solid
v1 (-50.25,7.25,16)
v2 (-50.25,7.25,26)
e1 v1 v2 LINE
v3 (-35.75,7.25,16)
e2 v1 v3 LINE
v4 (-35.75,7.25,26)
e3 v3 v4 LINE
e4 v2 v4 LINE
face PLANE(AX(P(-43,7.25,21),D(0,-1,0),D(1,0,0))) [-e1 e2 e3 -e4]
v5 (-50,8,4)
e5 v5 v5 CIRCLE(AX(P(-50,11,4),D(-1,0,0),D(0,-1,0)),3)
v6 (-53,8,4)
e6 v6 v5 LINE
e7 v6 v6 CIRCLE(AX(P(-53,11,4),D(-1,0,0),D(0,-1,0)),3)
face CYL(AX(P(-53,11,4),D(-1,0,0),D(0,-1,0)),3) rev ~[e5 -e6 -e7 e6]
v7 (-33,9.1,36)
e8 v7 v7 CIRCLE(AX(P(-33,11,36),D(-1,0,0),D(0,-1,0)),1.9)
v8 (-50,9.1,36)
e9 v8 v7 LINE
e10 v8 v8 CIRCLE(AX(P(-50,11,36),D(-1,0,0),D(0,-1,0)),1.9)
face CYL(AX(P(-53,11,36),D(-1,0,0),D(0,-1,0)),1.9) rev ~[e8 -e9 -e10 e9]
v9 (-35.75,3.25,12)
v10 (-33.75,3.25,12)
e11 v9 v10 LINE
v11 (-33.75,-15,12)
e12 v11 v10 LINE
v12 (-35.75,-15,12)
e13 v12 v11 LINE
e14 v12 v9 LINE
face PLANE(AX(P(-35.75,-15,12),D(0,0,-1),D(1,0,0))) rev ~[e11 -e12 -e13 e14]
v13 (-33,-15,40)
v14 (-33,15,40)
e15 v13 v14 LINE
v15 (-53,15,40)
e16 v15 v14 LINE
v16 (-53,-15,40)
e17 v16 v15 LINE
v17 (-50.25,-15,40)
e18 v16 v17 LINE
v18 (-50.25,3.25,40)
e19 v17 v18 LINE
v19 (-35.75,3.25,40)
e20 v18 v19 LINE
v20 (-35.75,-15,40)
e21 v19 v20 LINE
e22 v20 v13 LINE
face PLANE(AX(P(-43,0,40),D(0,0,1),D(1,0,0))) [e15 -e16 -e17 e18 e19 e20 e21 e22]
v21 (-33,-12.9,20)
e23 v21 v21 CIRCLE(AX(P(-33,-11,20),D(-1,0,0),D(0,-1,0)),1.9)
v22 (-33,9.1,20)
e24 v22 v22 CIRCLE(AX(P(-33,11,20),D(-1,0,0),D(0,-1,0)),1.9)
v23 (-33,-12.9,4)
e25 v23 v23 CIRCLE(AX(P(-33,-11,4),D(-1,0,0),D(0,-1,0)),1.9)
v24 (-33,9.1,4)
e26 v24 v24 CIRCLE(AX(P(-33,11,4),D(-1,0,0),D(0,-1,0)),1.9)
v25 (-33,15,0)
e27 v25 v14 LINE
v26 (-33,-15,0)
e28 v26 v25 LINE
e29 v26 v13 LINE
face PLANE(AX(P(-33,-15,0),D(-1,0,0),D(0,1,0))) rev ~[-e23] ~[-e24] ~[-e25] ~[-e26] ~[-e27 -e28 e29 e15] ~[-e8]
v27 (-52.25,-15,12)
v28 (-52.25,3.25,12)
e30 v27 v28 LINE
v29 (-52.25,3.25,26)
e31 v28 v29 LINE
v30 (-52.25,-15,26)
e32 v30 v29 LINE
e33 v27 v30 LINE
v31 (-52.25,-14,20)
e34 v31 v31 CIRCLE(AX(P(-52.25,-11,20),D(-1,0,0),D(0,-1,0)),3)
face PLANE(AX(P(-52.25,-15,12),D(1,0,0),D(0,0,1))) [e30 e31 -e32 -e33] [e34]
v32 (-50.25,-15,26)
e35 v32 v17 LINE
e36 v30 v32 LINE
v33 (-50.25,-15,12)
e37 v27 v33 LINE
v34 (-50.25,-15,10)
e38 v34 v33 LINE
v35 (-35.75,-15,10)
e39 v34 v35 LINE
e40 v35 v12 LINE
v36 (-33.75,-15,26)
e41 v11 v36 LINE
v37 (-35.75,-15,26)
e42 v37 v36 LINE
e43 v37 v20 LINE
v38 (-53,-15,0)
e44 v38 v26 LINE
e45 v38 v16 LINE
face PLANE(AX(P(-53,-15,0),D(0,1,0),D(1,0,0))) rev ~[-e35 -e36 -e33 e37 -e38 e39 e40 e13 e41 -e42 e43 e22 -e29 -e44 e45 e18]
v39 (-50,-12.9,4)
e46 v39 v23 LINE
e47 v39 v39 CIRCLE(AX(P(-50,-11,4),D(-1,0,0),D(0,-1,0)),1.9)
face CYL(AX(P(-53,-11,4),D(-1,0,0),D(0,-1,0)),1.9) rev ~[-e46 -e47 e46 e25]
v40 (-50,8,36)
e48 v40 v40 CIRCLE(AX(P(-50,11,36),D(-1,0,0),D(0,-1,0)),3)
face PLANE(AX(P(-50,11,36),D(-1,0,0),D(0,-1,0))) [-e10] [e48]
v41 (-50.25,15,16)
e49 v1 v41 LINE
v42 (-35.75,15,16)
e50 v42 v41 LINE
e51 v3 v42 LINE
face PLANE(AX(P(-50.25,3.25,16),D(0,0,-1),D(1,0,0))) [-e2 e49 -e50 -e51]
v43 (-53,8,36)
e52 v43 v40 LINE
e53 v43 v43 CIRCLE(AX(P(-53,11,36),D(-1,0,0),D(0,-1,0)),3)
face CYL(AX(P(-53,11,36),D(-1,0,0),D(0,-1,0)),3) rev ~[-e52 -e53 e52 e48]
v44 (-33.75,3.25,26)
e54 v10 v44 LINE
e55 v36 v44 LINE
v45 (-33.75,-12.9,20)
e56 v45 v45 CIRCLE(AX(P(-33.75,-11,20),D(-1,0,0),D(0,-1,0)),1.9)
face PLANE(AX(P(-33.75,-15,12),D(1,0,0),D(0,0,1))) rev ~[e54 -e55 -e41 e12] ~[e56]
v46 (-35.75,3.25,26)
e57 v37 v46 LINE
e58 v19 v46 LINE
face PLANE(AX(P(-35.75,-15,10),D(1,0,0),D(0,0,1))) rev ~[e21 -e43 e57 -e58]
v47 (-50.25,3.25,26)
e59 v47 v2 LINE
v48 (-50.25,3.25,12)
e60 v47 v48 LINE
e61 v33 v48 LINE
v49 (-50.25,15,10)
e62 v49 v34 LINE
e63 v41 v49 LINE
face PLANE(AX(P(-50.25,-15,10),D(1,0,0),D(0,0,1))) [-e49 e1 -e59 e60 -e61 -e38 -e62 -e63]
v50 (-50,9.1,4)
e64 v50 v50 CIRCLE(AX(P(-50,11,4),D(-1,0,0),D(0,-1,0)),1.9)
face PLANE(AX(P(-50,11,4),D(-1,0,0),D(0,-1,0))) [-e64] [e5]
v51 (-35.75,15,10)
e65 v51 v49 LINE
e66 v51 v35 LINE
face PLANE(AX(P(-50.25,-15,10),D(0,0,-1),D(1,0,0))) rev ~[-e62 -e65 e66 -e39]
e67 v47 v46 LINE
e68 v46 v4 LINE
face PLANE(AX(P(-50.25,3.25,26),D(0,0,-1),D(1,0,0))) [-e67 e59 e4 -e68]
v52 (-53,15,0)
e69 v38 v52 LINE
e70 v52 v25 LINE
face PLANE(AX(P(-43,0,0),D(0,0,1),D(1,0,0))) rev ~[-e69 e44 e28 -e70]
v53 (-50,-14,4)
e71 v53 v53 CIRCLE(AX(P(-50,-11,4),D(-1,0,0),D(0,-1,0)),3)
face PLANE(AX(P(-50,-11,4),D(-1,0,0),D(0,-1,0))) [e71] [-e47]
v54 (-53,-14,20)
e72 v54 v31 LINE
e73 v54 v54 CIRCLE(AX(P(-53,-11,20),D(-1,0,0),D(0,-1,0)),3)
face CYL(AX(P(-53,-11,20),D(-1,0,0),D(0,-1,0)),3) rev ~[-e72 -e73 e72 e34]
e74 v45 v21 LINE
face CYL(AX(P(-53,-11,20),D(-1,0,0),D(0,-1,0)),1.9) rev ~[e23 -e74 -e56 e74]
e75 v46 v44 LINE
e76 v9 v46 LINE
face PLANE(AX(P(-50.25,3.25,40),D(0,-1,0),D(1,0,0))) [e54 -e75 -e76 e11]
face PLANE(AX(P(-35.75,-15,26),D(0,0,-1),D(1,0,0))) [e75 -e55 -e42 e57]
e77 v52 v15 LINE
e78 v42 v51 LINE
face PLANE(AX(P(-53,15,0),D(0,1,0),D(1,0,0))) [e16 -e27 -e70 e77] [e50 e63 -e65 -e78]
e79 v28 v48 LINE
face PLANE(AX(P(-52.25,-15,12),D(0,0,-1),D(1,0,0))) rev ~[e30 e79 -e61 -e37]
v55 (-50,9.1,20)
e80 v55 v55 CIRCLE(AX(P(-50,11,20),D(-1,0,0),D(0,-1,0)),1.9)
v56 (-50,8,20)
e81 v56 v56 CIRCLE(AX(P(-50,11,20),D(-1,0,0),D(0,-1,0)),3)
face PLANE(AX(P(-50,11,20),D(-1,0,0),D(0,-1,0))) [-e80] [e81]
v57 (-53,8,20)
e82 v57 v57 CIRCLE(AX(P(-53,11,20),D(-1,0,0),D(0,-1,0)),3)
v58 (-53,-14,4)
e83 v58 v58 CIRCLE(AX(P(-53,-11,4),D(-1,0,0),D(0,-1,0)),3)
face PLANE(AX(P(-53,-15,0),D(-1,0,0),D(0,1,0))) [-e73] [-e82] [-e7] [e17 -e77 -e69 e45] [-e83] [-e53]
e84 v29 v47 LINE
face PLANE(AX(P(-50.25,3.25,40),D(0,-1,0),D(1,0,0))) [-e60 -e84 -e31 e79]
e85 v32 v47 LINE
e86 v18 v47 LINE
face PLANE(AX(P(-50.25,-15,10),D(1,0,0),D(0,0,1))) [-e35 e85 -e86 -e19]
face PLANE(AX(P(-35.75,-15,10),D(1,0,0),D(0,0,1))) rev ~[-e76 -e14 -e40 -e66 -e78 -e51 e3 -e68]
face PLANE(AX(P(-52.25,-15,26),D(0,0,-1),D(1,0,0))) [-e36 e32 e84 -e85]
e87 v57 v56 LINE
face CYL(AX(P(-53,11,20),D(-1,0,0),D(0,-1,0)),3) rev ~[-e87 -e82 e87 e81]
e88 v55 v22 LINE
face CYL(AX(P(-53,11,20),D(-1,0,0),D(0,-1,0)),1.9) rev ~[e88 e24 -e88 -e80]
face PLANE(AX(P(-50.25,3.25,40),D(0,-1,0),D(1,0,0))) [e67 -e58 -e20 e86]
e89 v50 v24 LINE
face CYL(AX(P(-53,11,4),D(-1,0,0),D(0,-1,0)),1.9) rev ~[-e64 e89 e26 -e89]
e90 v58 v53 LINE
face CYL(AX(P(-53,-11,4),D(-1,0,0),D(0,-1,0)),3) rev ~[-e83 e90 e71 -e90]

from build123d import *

# Parameters (mm, degrees)
SKETCH026_W     = 20
SKETCH026_H     = 30
PAD008_DEPTH    = 40
SKETCH027_R     = 1.9
POCKET018_DEPTH = 20.001
SKETCH028_R     = 3
POCKET019_DEPTH = 3
SKETCH029_R     = 0.5
POCKET020_DEPTH = 0.5
SKETCH030_W     = 14.5
SKETCH030_H     = 14.5
POCKET021_DEPTH = 30
SKETCH031_W     = 14.5
SKETCH031_H     = 30
POCKET022_DEPTH = 5
SKETCH032_W     = 14.5
SKETCH032_H     = 6
POCKET023_DEPTH = 11.751
SKETCH033_W     = 2
SKETCH033_H     = 14
POCKET024_DEPTH = 18.25
SKETCH034_W     = 14.5
SKETCH034_H     = 10
POCKET025_DEPTH = 4


with BuildPart() as part:
    # Sketch026 → Pad008 (new body)
    with BuildSketch(Plane.XY):
        with Locations((-43, 0)):
            Rectangle(SKETCH026_W, SKETCH026_H)
    extrude(amount=PAD008_DEPTH)

    # Sketch027 (on Face4 of Pad008) → Pocket018 (cut, through all)
    with BuildSketch(Plane(origin=(-53, 0, 0), x_dir=(0, -1, 0), z_dir=(-1, 0, 0))):
        with Locations((-11, 36)):
            Circle(SKETCH027_R)
        with Locations((11, 20)):
            Circle(SKETCH027_R)
        with Locations((-11, 20)):
            Circle(SKETCH027_R)
        with Locations((-11, 4)):
            Circle(SKETCH027_R)
        with Locations((11, 4)):
            Circle(SKETCH027_R)
    extrude(amount=-POCKET018_DEPTH, mode=Mode.SUBTRACT)

    # Sketch028 (on Face2 of Pocket018) → Pocket019 (cut)
    with BuildSketch(Plane(origin=(-53, 0, 0), x_dir=(0, -1, 0), z_dir=(-1, 0, 0))):
        with Locations((-11, 36)):
            Circle(SKETCH028_R)
        with Locations((-11, 20)):
            Circle(SKETCH028_R)
        with Locations((-11, 4)):
            Circle(SKETCH028_R)
        with Locations((11, 4)):
            Circle(SKETCH028_R)
        with Locations((11, 20)):
            Circle(SKETCH028_R)
    extrude(amount=-POCKET019_DEPTH, mode=Mode.SUBTRACT)

    # Sketch029 (on Face5 of Pocket019) → Pocket020 (cut)
    with BuildSketch(Plane.XY.offset(40)):
        with Locations((-43, -4)):
            Circle(SKETCH029_R)
    extrude(amount=-POCKET020_DEPTH, mode=Mode.SUBTRACT)

    # Sketch030 (on Face5 of Pocket020) → Pocket021 (cut)
    with BuildSketch(Plane.XY.offset(40)):
        with Locations((-43, -4)):
            Rectangle(SKETCH030_W, SKETCH030_H)
    extrude(amount=-POCKET021_DEPTH, mode=Mode.SUBTRACT)

    # Sketch031 (on Face6 of Pocket021) → Pocket022 (cut)
    with BuildSketch(Plane.XZ.offset(15)):
        with Locations((-43, 25)):
            Rectangle(SKETCH031_W, SKETCH031_H)
    extrude(amount=-POCKET022_DEPTH, mode=Mode.SUBTRACT)

    # Sketch032 (on Face17 of Pocket022) → Pocket023 (cut, through all)
    with BuildSketch(Plane.XZ.offset(-3.25)):
        with Locations((-43, 13)):
            Rectangle(SKETCH032_W, SKETCH032_H)
    extrude(amount=-POCKET023_DEPTH, mode=Mode.SUBTRACT)

    # Sketch033 (on Face7 of Pocket023) → Pocket024 (cut)
    with BuildSketch(Plane.XZ.offset(15)):
        with Locations((-51.25, 19)):
            Rectangle(SKETCH033_W, SKETCH033_H)
        with Locations((-34.75, 19)):
            Rectangle(SKETCH033_W, SKETCH033_H)
    extrude(amount=-POCKET024_DEPTH, mode=Mode.SUBTRACT)

    # Sketch034 (on Face33 of Pocket024) → Pocket025 (cut)
    with BuildSketch(Plane.XZ.offset(-3.25)):
        with Locations((-43, 21)):
            Rectangle(SKETCH034_W, SKETCH034_H)
    extrude(amount=-POCKET025_DEPTH, mode=Mode.SUBTRACT)


solid = part.part
